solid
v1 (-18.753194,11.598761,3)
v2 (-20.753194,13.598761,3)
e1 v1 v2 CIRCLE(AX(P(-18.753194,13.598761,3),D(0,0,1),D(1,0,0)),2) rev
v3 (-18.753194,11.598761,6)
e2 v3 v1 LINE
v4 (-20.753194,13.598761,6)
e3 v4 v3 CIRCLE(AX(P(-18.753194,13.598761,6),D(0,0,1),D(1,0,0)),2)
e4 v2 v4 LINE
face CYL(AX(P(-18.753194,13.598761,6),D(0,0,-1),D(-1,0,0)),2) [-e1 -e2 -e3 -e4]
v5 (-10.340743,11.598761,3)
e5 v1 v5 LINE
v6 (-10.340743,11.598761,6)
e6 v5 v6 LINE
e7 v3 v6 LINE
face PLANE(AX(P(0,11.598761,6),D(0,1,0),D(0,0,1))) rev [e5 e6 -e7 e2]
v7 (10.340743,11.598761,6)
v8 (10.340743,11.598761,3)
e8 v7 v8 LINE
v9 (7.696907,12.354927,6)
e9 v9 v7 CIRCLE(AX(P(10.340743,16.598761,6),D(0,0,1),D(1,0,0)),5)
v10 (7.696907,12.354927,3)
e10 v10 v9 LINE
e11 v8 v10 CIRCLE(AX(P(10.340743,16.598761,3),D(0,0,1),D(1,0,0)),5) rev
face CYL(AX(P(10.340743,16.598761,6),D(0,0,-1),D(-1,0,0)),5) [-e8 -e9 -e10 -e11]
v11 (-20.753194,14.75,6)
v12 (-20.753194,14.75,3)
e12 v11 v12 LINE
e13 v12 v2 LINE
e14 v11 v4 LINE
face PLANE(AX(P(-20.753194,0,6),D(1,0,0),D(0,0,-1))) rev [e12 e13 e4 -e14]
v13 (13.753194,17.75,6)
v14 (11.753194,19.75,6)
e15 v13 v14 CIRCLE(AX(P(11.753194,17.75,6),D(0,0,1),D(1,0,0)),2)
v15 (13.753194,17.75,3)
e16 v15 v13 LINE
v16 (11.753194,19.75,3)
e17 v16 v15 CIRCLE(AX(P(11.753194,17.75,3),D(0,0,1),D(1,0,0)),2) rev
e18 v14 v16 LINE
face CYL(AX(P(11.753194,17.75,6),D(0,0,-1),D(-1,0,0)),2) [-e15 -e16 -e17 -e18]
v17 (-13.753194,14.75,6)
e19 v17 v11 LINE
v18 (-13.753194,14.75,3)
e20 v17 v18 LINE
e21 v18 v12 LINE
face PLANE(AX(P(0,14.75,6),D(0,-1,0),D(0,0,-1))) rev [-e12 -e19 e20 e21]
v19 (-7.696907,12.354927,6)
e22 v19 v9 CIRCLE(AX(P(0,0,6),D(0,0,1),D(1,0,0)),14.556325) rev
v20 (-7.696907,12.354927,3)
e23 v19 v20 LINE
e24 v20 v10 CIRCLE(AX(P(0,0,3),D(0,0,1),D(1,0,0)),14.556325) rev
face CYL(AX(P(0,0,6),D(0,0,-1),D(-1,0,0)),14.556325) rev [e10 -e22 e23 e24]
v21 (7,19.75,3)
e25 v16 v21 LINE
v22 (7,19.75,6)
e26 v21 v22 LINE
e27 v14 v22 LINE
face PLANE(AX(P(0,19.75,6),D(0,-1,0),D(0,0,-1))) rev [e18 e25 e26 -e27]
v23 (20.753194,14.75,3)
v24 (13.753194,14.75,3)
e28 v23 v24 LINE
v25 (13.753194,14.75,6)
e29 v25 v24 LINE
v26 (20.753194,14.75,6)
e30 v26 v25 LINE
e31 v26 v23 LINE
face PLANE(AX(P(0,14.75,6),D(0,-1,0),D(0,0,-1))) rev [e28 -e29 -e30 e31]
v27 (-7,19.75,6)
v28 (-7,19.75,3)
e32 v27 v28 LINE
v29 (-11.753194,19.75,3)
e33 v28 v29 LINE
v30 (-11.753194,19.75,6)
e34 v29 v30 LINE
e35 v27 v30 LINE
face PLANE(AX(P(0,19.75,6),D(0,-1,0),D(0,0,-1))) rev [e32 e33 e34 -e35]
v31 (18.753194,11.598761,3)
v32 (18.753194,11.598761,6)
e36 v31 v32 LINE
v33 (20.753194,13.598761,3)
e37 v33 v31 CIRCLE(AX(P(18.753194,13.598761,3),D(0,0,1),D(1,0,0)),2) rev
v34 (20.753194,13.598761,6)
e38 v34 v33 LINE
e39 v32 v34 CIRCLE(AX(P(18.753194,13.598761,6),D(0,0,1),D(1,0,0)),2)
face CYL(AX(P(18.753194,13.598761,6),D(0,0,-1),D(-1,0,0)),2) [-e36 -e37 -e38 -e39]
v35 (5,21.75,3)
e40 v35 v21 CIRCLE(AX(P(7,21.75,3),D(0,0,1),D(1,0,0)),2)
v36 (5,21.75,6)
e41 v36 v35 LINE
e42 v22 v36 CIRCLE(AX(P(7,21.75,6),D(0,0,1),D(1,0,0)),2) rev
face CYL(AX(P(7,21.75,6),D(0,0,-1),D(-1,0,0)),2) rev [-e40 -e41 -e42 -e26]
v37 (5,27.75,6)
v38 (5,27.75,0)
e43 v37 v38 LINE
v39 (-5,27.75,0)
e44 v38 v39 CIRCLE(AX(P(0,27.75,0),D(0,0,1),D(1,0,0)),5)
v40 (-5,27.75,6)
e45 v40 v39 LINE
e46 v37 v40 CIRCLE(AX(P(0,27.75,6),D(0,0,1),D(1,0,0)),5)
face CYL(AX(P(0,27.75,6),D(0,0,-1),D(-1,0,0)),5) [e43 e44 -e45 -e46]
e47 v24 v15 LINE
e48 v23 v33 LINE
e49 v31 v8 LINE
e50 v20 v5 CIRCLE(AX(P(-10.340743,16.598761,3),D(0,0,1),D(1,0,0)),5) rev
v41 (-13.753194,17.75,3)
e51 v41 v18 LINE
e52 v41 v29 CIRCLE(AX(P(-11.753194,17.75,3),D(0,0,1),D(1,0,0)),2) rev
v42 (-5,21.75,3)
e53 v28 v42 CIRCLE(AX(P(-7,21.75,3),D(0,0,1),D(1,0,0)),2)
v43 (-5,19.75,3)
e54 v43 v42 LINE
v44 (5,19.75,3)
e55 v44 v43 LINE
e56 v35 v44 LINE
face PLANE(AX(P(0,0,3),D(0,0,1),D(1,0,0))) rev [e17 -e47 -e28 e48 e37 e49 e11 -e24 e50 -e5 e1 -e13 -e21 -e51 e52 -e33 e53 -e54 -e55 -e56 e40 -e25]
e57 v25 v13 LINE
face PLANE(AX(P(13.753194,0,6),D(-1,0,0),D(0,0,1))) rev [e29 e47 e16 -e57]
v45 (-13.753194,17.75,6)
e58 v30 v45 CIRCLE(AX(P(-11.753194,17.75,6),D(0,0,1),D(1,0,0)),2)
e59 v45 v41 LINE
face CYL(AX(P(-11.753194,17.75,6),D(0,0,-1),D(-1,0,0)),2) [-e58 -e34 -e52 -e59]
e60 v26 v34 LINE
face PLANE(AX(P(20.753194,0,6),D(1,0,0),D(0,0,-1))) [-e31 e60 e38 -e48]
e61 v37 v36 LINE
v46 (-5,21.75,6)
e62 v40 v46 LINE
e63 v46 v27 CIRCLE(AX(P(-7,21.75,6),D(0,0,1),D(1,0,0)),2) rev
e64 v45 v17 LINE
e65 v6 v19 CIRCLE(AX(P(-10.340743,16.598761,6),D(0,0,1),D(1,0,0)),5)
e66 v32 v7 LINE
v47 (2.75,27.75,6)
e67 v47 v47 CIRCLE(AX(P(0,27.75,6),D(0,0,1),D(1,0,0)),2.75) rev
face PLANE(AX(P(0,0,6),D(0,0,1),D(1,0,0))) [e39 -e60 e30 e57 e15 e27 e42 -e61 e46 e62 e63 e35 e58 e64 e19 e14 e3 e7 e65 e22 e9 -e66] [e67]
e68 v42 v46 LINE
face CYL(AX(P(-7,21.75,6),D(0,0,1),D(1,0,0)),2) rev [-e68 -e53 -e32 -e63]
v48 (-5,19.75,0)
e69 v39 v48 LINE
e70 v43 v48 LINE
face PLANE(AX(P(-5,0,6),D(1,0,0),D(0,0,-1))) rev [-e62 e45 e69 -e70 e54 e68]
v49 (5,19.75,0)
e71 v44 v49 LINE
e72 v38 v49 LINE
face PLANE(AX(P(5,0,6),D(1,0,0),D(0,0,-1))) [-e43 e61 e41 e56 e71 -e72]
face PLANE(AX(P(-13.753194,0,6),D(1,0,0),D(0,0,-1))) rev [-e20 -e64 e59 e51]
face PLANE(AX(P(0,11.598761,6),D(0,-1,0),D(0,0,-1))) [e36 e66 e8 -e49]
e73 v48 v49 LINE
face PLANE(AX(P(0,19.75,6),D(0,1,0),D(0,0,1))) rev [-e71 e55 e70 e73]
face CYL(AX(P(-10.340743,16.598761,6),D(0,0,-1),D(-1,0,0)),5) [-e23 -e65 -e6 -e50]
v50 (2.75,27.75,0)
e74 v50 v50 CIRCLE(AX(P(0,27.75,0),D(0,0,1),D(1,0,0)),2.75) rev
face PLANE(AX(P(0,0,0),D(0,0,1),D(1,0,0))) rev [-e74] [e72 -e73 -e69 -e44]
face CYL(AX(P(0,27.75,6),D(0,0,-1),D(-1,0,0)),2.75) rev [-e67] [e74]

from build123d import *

# Parameters (mm, degrees)
SKETCH2_R           = 5
SKETCH2_R_2         = 2.75
BOSS_EXTRUDE1_DEPTH = 6
BOSS_EXTRUDE2_DEPTH = 3
FILLET1_R           = 2
FILLET2_R           = 5


with BuildPart() as part:
    # Sketch2 → Boss-Extrude1 (new body)
    # profile 1 of 2: a face of its own
    with BuildSketch(Plane.XY):
        with Locations((0, 27.75)):
            Circle(SKETCH2_R)
        with Locations((0, 27.75)):
            Circle(SKETCH2_R_2, mode=Mode.SUBTRACT)
    # profile 2 of 2: a face of its own
    with BuildSketch(Plane.XY):
        with BuildLine():
            ThreePointArc((5, 27.75), (0, 22.75), (-5, 27.75))
            Line((-5, 27.75), (-5, 19.75))
            Line((-5, 19.75), (5, 19.75))
            Line((5, 19.75), (5, 27.75))
        make_face()
    extrude(amount=BOSS_EXTRUDE1_DEPTH)

    # Sketch3 → Boss-Extrude2 (add)
    with BuildSketch(Plane.XY.offset(3)):
        with BuildLine():
            Line((5, 19.75), (-5, 19.75))
            Line((-5, 19.75), (-13.753194099, 19.75))
            Line((-13.753194099, 19.75), (-13.753194099, 14.75))
            Line((-13.753194099, 14.75), (-20.753194099, 14.75))
            Line((-20.753194099, 14.75), (-20.753194099, 11.59876127))
            Line((-20.753194099, 11.59876127), (-14.900453075, 11.59876127))
            Line((-14.900453075, 11.59876127), (-8.795188245, 11.59876127))
            ThreePointArc((-8.795188245, 11.59876127), (0, 14.556325061), (8.795188245, 11.59876127))
            Line((8.795188245, 11.59876127), (20.753194099, 11.59876127))
            Line((20.753194099, 11.59876127), (20.753194099, 14.75))
            Line((20.753194099, 14.75), (13.753194099, 14.75))
            Line((13.753194099, 14.75), (13.753194099, 19.75))
            Line((13.753194099, 19.75), (5, 19.75))
        make_face()
    extrude(amount=BOSS_EXTRUDE2_DEPTH)

    # Fillet1
    fillet1_edges = [part.edges().sort_by_distance(p)[0] for p in [
        (5, 19.75, 4.5),
        (-5, 19.75, 4.5),
        (-20.753194099, 11.59876127, 4.5),
        (20.753194099, 11.59876127, 4.5),
        (13.753194099, 19.75, 4.5),
        (-13.753194099, 19.75, 4.5),
    ]]
    fillet(fillet1_edges, radius=FILLET1_R)

    # Fillet2
    fillet2_edges = [part.edges().sort_by_distance(p)[0] for p in [
        (-8.795188245, 11.59876127, 4.5),
        (8.795188245, 11.59876127, 4.5),
    ]]
    fillet(fillet2_edges, radius=FILLET2_R)


solid = part.part
